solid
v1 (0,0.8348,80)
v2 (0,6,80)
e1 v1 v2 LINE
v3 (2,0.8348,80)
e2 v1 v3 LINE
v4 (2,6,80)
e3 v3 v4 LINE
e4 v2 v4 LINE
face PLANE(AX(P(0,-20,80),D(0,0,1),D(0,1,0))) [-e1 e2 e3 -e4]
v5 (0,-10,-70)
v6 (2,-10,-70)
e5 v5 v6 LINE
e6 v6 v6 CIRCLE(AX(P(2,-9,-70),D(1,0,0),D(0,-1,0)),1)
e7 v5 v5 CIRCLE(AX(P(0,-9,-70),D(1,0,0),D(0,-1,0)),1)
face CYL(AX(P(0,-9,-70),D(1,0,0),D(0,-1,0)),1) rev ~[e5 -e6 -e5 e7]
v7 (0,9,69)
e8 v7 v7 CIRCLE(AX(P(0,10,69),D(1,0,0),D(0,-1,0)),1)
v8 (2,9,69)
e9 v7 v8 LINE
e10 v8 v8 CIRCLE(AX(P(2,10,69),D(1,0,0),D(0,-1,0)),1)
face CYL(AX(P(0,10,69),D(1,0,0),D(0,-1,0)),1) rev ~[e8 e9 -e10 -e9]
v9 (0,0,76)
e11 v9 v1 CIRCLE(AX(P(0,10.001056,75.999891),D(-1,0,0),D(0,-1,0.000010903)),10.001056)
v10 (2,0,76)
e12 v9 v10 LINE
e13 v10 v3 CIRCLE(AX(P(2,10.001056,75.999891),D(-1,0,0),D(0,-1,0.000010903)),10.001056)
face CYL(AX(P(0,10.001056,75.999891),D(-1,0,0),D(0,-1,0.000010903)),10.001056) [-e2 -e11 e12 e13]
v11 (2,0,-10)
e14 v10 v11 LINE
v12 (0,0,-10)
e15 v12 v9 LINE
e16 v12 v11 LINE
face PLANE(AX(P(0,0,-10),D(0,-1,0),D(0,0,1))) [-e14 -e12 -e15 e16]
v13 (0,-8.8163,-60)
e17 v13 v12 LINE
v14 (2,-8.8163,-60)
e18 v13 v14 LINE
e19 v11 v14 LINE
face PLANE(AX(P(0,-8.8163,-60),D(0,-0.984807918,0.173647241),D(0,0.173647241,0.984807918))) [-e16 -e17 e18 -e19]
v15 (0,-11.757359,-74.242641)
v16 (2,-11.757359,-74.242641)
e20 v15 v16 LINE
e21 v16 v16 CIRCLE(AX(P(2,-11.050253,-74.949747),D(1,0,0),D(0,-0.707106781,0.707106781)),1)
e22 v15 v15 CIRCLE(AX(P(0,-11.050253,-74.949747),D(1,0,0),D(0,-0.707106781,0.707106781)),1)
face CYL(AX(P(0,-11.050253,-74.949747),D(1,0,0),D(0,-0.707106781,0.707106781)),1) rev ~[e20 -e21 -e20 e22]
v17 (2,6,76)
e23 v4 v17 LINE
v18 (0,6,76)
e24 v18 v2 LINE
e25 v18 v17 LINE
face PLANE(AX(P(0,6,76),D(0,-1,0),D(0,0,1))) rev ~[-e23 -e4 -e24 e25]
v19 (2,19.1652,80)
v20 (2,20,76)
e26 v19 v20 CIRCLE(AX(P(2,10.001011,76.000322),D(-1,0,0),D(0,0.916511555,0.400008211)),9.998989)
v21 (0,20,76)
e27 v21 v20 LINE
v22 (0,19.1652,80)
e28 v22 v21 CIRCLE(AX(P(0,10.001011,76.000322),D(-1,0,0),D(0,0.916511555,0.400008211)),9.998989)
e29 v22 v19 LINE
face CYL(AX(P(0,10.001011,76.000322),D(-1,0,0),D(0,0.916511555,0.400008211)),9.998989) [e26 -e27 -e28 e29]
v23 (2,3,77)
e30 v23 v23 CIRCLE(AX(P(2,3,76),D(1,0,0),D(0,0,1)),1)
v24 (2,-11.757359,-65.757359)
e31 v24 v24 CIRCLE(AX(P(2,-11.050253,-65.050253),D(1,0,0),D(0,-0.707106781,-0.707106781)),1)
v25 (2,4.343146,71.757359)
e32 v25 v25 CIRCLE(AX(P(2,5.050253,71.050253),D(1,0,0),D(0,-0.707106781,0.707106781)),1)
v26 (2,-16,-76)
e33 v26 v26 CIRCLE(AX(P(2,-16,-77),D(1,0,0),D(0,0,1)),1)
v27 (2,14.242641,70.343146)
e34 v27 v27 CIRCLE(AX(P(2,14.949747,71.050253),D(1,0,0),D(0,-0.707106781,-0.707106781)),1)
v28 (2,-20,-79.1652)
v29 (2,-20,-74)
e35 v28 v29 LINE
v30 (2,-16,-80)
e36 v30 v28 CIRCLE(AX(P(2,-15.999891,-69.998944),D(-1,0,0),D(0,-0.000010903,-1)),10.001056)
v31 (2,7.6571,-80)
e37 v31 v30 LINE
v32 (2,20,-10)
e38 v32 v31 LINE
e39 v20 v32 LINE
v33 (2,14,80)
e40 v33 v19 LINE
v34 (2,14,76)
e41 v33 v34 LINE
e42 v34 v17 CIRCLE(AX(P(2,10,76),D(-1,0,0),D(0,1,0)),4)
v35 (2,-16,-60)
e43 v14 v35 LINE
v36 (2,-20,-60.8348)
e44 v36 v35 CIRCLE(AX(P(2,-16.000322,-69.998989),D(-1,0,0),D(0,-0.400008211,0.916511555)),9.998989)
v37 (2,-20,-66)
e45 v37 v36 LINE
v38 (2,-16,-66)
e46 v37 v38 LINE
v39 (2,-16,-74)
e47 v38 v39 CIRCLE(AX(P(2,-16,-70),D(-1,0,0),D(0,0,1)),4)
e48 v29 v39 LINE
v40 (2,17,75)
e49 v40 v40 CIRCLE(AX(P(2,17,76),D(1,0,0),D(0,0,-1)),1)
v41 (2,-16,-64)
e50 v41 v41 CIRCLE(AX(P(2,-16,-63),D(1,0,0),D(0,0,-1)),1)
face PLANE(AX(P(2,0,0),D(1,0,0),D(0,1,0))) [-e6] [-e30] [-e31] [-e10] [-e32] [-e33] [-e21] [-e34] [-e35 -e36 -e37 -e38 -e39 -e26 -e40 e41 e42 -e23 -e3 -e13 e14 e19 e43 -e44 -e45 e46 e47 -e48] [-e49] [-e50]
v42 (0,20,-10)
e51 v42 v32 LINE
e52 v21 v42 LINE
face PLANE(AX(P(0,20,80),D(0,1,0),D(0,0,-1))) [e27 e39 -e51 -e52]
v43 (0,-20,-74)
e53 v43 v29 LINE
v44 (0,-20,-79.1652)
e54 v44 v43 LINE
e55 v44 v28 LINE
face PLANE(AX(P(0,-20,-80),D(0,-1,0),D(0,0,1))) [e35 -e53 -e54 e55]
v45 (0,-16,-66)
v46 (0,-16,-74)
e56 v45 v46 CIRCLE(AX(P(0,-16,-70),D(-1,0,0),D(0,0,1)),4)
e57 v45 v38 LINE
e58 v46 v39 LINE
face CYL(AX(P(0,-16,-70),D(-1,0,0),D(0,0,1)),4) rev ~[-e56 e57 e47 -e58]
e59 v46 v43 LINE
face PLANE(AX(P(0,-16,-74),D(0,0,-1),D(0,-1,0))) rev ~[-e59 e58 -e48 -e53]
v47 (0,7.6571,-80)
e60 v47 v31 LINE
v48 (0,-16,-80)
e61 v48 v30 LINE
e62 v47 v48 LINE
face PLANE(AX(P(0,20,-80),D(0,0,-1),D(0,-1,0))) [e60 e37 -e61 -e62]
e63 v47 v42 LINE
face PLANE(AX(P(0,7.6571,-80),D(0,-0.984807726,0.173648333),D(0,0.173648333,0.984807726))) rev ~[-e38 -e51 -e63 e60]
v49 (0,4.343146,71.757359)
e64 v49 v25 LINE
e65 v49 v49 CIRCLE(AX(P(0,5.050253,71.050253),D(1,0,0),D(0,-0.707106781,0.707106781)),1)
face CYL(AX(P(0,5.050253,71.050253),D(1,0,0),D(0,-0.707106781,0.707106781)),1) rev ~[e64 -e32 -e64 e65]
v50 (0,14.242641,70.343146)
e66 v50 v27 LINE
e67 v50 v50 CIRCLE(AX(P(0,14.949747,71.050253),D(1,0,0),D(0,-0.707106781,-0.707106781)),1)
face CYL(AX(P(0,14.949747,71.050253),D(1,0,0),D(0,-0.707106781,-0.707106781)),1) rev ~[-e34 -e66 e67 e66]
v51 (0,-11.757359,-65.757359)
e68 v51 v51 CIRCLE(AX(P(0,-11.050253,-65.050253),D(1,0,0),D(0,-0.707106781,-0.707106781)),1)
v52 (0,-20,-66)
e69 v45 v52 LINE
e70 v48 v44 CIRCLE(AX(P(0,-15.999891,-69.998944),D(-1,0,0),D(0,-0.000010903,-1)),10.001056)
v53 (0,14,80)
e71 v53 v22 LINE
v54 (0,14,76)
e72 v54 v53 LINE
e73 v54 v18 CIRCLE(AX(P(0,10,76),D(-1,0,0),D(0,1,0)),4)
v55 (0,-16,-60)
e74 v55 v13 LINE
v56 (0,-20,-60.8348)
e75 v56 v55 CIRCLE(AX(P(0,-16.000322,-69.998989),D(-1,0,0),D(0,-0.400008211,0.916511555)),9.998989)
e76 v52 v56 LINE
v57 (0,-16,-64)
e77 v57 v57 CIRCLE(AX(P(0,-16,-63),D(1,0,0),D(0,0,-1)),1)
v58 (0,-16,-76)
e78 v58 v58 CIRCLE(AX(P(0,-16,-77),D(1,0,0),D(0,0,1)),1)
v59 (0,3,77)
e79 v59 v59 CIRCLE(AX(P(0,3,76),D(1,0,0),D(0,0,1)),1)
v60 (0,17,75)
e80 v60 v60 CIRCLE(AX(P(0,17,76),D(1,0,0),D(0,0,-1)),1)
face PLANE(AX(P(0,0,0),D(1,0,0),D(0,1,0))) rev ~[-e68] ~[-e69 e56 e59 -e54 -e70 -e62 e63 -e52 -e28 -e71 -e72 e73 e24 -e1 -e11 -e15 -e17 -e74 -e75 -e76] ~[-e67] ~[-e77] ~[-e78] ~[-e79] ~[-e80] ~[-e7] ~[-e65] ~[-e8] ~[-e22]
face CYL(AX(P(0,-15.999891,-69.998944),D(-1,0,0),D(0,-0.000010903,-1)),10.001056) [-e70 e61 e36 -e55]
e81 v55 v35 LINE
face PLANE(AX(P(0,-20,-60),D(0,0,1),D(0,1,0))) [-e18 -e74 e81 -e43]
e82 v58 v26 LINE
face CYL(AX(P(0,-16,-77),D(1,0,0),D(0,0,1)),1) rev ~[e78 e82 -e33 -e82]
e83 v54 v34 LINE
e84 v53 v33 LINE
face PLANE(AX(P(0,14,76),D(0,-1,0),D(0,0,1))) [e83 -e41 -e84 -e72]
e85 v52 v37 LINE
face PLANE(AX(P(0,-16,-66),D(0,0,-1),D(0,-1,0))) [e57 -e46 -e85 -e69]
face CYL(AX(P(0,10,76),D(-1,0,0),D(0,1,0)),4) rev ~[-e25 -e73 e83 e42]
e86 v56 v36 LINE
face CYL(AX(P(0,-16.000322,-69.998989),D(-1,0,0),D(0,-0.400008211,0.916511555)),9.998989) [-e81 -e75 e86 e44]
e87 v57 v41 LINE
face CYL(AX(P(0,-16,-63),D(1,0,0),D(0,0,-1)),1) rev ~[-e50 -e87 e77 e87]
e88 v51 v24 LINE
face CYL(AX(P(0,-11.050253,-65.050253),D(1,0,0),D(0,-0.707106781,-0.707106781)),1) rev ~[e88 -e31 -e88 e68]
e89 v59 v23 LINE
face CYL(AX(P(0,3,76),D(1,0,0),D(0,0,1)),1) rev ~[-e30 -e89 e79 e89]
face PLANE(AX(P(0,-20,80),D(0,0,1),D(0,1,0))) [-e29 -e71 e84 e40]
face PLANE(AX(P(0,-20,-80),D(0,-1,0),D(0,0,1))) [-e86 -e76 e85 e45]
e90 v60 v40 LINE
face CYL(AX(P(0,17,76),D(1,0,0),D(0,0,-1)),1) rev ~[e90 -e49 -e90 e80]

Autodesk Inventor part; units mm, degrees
ref_plane "YZ Plane" through (0, 0, 0) normal (1, 0, 0) x (0, 1, 0)
ref_plane "XZ Plane" through (0, 0, 0) normal (0, 1, 0) x (-1, 0, 0)
ref_plane "XY Plane" through (0, 0, 0) normal (0, 0, 1) x (1, 0, 0)
sketch "スケッチ1" plane through (0, 0, 0) normal (1, 0, 0) x (0, 1, 0)
  line L0 (-20, 80) -> (20, 80)
  line L1 (20, 80) -> (20, -80)
  line L2 (20, -80) -> (-20, -80)
  line L3 (-20, -80) -> (-20, 80)
  point P0 (0, 0)
  dimension "d0" = 160
  dimension "d2" = 40
  dimension "d3" = 20
  dimension "d4" = 80
extrude "押し出し1" add sketch "スケッチ1" along normal blind 2
sketch "スケッチ3" plane through (0, 0, 0) normal (-1, 0, 0) x (0, 0, 1)
  line L0 (80, -20) -> (80, 20) projected
  line L1 (80, 20) -> (-80, 20) projected
  line L2 (-80, 20) -> (-80, -20) projected
  line L3 (-80, -20) -> (80, -20) projected
  line L4 (-60, -20) -> (-60, -8.8163)
  line L5 (-60, -8.8163) -> (-10, 0)
  line L6 (-10, 0) -> (80, 0)
  line L7 (80, 0) -> (80, 20)
  line L8 (-80, 7.6571) -> (-10, 20)
  point P0 (0, 0)
  dimension "d11" = 20
  dimension "d12" = 10
  dimension "d13" = 10
  dimension "d14" = 20
  dimension "d15" = 160
  dimension "d17" = 90
  dimension "d18" = 90
extrude "押し出し3" cut sketch "スケッチ3" against normal blind 20 contours L6 L5 L4 L3 L2 L8 L1 L0 keep common part
sketch "スケッチ6" plane through (0, 0, 0) normal (-1, 0, 0) x (0, 0, 1)
  line L0 (-60, -8.8163) -> (-60, -20) projected
  line L1 (-10, 0) -> (-60, -8.8163) projected
  line L2 (80, 0) -> (-10, 0) projected
  line L3 (80, 0) -> (80, 20) projected
  line L4 (80, 20) -> (-10, 20) projected
  line L5 (-80, 7.6571) -> (-10, 20) projected
  line L6 (-80, 7.6571) -> (-80, -20) projected
  line L7 (-80, -20) -> (-60, -20) projected
  arc A0 (-66, -16) -> (-74, -16) centre (-70, -16) ccw
  arc A1 (76, 14) -> (76, 6) centre (76, 10) ccw
  line L8 (-74, -16) -> (-74, -20)
  line L9 (-66, -16) -> (-66, -20)
  line L10 (76, 14) -> (80, 14)
  line L11 (76, 6) -> (80, 6)
  arc A2 (-60.8348, -20) -> (-60, -16) centre (-70, -16) ccw
  arc A3 (-80, -16) -> (-79.1652, -20) centre (-70, -16) ccw
  arc A4 (76, 0) -> (80, 0.8348) centre (76, 10) ccw
  arc A5 (80, 19.1652) -> (76, 20) centre (76, 10) ccw
  point P0 (0, 0)
  dimension "d39" = 8
  dimension "d40" = 4
  dimension "d41" = 4
  dimension "d42" = 10
  dimension "d43" = 10
extrude "押し出し6" cut sketch "スケッチ6" against normal blind 11 contours L0 A2 L7 L9 A0 L8 A3 L6 L5 L4 A5 L3 L10 A1 L11 A4 L2 L1 keep common part
sketch "スケッチ7" plane through (0, 0, 0) normal (-1, 0, 0) x (0, 0, 1)
  arc A0 (80, 19.1652) -> (76, 20) centre (76, 10) ccw projected
  arc A1 (-80, -16) -> (-79.1652, -20) centre (-70, -16) ccw projected
  line L0 (-79.1652, -20) -> (-74, -20) projected
  line L1 (80, 0.8348) -> (80, 6) projected
  circle A2 centre (76, 3) radius 1
  circle A3 centre (-77, -16) radius 1
  point P0 (0, 0)
  dimension "d46" = 2
  dimension "d48" = 7
  dimension "d49" = 4
  dimension "d50" = 4
  dimension "d51" = 7
hole "穴1" at (0, -16, -77) at (0, 3, 76) direction (1, 0, 0) diameter 2 end through all
pattern_circular "円形状パターン1" count 5 over 180 about axis through (0, -16, -70) along (1, 0, 0) of "穴1"
pattern_circular "円形状パターン2" count 5 over 180 about axis through (0, 10, 76) along (1, 0, 0) of "穴1"
properties part number "10" material "アルミニウム 6061"
